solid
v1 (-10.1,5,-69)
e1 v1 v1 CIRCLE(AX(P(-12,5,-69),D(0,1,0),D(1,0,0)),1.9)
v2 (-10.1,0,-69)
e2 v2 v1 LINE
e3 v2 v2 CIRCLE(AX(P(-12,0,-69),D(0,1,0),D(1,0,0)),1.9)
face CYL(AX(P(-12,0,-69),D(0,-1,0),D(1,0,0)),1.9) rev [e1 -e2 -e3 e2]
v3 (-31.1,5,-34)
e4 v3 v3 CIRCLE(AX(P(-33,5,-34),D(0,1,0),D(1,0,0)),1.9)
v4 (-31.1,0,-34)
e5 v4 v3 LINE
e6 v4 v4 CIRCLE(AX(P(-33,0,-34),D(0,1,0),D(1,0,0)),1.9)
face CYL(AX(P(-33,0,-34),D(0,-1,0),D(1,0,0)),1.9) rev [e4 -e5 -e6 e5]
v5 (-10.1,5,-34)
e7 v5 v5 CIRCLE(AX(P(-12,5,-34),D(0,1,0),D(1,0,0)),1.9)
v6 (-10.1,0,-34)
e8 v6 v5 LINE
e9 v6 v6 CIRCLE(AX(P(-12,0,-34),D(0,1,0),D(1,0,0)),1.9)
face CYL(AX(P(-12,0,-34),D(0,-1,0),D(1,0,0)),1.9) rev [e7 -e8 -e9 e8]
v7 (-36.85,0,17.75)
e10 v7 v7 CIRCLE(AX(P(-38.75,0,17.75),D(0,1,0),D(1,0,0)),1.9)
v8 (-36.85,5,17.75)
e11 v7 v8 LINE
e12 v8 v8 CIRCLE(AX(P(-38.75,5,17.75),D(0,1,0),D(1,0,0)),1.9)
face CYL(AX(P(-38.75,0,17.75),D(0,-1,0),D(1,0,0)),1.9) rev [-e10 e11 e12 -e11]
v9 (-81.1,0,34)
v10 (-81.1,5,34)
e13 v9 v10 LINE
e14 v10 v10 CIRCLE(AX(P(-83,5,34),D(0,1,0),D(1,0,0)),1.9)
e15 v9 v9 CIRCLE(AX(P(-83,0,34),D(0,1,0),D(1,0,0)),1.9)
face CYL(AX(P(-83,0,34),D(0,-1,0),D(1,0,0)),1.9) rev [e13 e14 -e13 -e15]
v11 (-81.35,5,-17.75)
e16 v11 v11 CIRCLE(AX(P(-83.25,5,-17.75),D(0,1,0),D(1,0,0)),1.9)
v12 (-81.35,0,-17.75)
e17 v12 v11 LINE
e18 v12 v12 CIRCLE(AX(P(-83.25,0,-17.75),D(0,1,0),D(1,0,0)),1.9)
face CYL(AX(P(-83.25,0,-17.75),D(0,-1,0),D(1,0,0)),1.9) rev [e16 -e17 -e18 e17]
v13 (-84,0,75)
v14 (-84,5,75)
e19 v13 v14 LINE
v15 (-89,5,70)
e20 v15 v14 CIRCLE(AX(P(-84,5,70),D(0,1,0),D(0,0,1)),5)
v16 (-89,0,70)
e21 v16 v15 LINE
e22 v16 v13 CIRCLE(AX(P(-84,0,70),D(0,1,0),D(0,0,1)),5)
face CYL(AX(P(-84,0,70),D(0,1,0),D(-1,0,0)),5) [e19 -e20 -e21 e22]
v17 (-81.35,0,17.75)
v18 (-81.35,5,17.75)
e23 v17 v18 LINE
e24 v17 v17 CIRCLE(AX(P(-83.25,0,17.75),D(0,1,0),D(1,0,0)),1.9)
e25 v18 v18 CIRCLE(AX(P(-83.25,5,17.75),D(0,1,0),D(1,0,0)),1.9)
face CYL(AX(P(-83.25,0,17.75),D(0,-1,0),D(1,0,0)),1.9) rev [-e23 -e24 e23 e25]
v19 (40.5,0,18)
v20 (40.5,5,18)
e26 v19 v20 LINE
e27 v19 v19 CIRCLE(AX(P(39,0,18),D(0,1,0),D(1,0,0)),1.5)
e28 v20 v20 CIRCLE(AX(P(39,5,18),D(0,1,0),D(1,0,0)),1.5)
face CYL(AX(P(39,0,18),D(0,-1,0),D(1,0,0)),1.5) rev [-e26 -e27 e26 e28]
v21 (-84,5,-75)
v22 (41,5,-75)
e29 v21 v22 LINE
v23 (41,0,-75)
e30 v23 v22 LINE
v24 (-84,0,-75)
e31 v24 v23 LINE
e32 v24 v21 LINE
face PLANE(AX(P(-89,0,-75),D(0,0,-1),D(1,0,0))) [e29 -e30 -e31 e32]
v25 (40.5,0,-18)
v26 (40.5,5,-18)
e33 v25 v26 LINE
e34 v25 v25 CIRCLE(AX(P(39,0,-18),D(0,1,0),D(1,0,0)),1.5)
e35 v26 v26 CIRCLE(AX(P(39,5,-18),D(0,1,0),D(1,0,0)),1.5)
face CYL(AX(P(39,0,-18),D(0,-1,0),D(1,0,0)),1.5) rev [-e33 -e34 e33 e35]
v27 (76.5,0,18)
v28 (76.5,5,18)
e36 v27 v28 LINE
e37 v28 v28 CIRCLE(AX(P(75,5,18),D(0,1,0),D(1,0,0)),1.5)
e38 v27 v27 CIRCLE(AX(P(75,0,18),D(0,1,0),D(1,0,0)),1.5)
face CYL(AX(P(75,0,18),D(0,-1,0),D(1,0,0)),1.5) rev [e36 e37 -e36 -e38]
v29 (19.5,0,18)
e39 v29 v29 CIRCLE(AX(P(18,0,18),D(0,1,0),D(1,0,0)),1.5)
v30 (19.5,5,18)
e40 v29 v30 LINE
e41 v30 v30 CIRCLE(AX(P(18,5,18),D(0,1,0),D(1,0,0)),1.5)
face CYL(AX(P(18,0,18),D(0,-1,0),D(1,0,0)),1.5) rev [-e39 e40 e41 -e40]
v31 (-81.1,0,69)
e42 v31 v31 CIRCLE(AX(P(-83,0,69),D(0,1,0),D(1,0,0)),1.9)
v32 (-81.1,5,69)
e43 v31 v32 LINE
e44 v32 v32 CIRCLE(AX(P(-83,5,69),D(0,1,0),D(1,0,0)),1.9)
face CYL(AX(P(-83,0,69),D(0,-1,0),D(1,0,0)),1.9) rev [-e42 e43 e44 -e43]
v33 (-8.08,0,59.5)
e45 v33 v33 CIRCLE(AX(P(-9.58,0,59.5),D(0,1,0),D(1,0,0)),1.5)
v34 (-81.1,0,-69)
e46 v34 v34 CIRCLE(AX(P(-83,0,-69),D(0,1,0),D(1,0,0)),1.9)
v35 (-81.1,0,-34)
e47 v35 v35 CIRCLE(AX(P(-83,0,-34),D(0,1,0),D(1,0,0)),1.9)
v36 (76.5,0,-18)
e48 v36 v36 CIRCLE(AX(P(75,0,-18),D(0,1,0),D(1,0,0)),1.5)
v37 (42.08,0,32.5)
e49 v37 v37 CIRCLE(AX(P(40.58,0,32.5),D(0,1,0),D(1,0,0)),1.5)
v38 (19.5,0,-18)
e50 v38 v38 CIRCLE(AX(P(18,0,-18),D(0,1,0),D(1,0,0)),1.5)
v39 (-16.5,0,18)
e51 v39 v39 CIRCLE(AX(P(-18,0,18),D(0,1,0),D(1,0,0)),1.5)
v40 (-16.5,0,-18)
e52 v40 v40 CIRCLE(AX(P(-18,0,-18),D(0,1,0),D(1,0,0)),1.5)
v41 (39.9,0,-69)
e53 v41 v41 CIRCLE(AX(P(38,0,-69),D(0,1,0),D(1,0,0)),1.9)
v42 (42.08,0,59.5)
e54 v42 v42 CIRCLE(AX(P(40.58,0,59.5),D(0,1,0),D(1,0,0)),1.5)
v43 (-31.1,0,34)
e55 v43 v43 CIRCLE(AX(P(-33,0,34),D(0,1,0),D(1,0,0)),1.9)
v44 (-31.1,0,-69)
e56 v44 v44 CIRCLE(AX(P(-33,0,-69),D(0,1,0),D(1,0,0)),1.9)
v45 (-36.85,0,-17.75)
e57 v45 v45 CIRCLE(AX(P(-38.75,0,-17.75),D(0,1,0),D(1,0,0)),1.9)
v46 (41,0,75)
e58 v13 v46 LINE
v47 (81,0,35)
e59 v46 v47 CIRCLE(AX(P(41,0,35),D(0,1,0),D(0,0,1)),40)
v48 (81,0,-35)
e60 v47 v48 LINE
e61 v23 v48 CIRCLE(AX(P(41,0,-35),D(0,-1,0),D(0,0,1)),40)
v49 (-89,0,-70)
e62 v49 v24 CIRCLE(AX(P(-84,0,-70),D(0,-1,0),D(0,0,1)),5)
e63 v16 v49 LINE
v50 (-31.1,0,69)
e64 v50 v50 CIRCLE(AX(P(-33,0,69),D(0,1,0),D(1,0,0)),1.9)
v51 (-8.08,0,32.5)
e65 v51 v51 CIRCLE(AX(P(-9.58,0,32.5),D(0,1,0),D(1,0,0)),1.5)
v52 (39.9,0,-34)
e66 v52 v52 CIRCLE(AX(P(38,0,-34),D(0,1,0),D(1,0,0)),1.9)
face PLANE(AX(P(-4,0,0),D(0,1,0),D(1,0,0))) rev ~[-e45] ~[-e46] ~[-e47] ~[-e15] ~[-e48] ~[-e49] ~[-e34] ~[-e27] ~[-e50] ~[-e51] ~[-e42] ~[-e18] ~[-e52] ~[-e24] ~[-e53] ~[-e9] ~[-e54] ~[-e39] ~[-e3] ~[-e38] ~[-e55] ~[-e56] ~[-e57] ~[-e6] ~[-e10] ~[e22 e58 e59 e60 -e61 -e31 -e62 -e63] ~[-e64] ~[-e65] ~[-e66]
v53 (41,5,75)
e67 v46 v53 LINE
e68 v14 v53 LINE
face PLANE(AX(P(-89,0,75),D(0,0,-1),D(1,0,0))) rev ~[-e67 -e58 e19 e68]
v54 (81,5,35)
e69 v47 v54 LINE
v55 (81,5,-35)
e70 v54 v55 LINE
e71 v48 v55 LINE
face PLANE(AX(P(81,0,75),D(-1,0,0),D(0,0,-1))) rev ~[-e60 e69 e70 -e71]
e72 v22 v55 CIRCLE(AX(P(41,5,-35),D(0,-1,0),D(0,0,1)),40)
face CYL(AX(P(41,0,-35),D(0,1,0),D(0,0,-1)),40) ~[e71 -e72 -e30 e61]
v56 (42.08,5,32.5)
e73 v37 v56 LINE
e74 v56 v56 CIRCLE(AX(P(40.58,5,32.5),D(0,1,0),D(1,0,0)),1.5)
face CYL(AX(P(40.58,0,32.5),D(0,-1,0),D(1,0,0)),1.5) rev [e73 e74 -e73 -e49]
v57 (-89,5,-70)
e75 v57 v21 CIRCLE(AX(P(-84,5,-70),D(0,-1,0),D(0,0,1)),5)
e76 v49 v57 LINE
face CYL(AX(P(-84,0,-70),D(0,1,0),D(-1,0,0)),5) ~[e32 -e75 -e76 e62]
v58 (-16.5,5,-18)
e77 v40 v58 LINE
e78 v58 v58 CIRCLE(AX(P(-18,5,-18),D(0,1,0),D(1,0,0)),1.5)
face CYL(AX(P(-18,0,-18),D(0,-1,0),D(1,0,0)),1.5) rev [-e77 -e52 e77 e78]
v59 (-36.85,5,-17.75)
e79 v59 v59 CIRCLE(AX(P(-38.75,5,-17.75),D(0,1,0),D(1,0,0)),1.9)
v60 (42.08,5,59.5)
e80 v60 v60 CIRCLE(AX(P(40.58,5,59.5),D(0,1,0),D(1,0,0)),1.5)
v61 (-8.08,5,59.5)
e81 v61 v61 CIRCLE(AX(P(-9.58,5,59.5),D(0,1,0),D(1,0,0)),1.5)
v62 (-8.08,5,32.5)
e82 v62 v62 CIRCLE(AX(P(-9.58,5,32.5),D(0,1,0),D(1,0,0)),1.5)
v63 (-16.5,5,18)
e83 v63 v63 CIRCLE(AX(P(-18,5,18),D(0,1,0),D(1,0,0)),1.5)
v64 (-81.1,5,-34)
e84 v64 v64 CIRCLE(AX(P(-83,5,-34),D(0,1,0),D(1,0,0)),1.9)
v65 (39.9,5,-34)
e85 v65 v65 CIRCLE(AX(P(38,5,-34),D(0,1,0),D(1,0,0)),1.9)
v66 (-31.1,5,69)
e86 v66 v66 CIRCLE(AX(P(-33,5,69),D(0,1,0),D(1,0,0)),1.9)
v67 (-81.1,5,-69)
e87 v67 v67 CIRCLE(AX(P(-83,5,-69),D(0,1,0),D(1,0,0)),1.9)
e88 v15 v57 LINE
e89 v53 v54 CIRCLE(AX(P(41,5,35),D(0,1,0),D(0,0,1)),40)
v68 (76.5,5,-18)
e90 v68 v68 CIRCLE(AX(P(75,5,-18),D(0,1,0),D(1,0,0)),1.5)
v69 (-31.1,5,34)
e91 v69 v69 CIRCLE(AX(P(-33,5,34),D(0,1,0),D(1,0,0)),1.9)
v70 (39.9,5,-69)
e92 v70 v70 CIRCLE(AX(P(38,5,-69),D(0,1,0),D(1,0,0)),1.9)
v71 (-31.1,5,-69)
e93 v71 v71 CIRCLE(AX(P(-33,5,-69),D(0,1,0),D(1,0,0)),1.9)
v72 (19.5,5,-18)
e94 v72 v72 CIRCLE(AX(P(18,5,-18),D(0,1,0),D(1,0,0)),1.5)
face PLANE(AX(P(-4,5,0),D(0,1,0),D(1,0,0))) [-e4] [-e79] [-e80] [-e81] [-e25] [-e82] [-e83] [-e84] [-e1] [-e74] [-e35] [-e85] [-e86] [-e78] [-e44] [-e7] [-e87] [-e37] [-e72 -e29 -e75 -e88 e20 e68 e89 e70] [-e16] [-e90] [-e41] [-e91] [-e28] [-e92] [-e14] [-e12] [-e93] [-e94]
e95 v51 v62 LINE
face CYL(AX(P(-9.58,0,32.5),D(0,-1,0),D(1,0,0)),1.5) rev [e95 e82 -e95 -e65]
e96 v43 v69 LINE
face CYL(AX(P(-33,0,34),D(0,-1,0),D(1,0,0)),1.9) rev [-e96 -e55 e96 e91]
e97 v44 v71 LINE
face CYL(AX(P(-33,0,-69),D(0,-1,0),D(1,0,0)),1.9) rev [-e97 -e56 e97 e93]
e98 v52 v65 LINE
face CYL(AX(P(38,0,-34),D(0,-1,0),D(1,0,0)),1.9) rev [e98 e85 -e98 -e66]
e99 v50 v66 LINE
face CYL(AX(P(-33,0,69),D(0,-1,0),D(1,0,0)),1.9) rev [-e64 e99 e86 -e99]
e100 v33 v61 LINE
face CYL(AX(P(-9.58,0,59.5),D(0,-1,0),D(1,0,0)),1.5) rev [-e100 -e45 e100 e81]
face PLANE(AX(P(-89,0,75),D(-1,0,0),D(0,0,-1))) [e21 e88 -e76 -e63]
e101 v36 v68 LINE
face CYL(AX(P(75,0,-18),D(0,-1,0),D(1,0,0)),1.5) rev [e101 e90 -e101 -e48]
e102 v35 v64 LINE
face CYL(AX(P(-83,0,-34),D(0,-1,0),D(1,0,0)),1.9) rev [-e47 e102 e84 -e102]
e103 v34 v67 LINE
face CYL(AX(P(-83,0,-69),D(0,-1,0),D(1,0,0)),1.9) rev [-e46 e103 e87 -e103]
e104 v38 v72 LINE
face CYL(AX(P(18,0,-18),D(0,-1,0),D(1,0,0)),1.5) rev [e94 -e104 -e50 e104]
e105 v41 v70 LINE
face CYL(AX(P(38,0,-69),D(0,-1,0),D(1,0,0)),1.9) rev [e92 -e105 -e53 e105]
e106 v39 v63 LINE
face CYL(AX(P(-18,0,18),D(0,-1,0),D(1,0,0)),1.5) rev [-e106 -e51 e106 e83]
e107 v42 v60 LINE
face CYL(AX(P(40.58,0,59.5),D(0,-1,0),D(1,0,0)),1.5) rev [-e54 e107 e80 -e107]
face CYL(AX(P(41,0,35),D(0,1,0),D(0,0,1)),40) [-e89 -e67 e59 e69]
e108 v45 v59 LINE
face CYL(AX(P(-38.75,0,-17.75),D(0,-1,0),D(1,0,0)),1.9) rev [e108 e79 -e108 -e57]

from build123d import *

# Parameters (mm, degrees)
SKETCH_1_W      = 170
SKETCH_1_H      = 150
SKETCH_1_R      = 1.5
SKETCH_1_R_2    = 1.9
EXTRUDE_1_DEPTH = 5
FILLET_1_R      = 5
FILLET_2_R      = 40


with BuildPart() as part:
    # 草图1 → 凸台-拉伸1 (new body)
    with BuildSketch(Plane(origin=(0, 0, 0), x_dir=(1, 0, 0), z_dir=(0, 1, 0))):
        with Locations((-4, 0)):
            Rectangle(SKETCH_1_W, SKETCH_1_H)
        with Locations((75, 18)):
            Circle(SKETCH_1_R, mode=Mode.SUBTRACT)
        with Locations((18, 18)):
            Circle(SKETCH_1_R, mode=Mode.SUBTRACT)
        with Locations((-83.25, 17.75)):
            Circle(SKETCH_1_R_2, mode=Mode.SUBTRACT)
        with Locations((-9.58, -59.5)):
            Circle(SKETCH_1_R, mode=Mode.SUBTRACT)
        with Locations((-83, 34)):
            Circle(SKETCH_1_R_2, mode=Mode.SUBTRACT)
        with Locations((-83, 69)):
            Circle(SKETCH_1_R_2, mode=Mode.SUBTRACT)
        with Locations((-33, 34)):
            Circle(SKETCH_1_R_2, mode=Mode.SUBTRACT)
        with Locations((-33, 69)):
            Circle(SKETCH_1_R_2, mode=Mode.SUBTRACT)
        with Locations((-12, 34)):
            Circle(SKETCH_1_R_2, mode=Mode.SUBTRACT)
        with Locations((-12, 69)):
            Circle(SKETCH_1_R_2, mode=Mode.SUBTRACT)
        with Locations((38, 69)):
            Circle(SKETCH_1_R_2, mode=Mode.SUBTRACT)
        with Locations((38, 34)):
            Circle(SKETCH_1_R_2, mode=Mode.SUBTRACT)
        with Locations((-38.75, 17.75)):
            Circle(SKETCH_1_R_2, mode=Mode.SUBTRACT)
        with Locations((-18, 18)):
            Circle(SKETCH_1_R, mode=Mode.SUBTRACT)
        with Locations((39, 18)):
            Circle(SKETCH_1_R, mode=Mode.SUBTRACT)
        with Locations((75, -18)):
            Circle(SKETCH_1_R, mode=Mode.SUBTRACT)
        with Locations((39, -18)):
            Circle(SKETCH_1_R, mode=Mode.SUBTRACT)
        with Locations((18, -18)):
            Circle(SKETCH_1_R, mode=Mode.SUBTRACT)
        with Locations((-18, -18)):
            Circle(SKETCH_1_R, mode=Mode.SUBTRACT)
        with Locations((-83, -69)):
            Circle(SKETCH_1_R_2, mode=Mode.SUBTRACT)
        with Locations((-33, -69)):
            Circle(SKETCH_1_R_2, mode=Mode.SUBTRACT)
        with Locations((-33, -34)):
            Circle(SKETCH_1_R_2, mode=Mode.SUBTRACT)
        with Locations((-83, -34)):
            Circle(SKETCH_1_R_2, mode=Mode.SUBTRACT)
        with Locations((-38.75, -17.75)):
            Circle(SKETCH_1_R_2, mode=Mode.SUBTRACT)
        with Locations((-83.25, -17.75)):
            Circle(SKETCH_1_R_2, mode=Mode.SUBTRACT)
        with Locations((40.58, -59.5)):
            Circle(SKETCH_1_R, mode=Mode.SUBTRACT)
        with Locations((40.58, -32.5)):
            Circle(SKETCH_1_R, mode=Mode.SUBTRACT)
        with Locations((-9.58, -32.5)):
            Circle(SKETCH_1_R, mode=Mode.SUBTRACT)
    extrude(amount=EXTRUDE_1_DEPTH)

    # 圆角1
    fillet_1_edges = [part.edges().sort_by_distance(p)[0] for p in [
        (-89, 2.5, -75),
        (-89, 2.5, 75),
    ]]
    fillet(fillet_1_edges, radius=FILLET_1_R)

    # 圆角2
    fillet_2_edges = [part.edges().sort_by_distance(p)[0] for p in [
        (81, 2.5, -75),
        (81, 2.5, 75),
    ]]
    fillet(fillet_2_edges, radius=FILLET_2_R)


solid = part.part
